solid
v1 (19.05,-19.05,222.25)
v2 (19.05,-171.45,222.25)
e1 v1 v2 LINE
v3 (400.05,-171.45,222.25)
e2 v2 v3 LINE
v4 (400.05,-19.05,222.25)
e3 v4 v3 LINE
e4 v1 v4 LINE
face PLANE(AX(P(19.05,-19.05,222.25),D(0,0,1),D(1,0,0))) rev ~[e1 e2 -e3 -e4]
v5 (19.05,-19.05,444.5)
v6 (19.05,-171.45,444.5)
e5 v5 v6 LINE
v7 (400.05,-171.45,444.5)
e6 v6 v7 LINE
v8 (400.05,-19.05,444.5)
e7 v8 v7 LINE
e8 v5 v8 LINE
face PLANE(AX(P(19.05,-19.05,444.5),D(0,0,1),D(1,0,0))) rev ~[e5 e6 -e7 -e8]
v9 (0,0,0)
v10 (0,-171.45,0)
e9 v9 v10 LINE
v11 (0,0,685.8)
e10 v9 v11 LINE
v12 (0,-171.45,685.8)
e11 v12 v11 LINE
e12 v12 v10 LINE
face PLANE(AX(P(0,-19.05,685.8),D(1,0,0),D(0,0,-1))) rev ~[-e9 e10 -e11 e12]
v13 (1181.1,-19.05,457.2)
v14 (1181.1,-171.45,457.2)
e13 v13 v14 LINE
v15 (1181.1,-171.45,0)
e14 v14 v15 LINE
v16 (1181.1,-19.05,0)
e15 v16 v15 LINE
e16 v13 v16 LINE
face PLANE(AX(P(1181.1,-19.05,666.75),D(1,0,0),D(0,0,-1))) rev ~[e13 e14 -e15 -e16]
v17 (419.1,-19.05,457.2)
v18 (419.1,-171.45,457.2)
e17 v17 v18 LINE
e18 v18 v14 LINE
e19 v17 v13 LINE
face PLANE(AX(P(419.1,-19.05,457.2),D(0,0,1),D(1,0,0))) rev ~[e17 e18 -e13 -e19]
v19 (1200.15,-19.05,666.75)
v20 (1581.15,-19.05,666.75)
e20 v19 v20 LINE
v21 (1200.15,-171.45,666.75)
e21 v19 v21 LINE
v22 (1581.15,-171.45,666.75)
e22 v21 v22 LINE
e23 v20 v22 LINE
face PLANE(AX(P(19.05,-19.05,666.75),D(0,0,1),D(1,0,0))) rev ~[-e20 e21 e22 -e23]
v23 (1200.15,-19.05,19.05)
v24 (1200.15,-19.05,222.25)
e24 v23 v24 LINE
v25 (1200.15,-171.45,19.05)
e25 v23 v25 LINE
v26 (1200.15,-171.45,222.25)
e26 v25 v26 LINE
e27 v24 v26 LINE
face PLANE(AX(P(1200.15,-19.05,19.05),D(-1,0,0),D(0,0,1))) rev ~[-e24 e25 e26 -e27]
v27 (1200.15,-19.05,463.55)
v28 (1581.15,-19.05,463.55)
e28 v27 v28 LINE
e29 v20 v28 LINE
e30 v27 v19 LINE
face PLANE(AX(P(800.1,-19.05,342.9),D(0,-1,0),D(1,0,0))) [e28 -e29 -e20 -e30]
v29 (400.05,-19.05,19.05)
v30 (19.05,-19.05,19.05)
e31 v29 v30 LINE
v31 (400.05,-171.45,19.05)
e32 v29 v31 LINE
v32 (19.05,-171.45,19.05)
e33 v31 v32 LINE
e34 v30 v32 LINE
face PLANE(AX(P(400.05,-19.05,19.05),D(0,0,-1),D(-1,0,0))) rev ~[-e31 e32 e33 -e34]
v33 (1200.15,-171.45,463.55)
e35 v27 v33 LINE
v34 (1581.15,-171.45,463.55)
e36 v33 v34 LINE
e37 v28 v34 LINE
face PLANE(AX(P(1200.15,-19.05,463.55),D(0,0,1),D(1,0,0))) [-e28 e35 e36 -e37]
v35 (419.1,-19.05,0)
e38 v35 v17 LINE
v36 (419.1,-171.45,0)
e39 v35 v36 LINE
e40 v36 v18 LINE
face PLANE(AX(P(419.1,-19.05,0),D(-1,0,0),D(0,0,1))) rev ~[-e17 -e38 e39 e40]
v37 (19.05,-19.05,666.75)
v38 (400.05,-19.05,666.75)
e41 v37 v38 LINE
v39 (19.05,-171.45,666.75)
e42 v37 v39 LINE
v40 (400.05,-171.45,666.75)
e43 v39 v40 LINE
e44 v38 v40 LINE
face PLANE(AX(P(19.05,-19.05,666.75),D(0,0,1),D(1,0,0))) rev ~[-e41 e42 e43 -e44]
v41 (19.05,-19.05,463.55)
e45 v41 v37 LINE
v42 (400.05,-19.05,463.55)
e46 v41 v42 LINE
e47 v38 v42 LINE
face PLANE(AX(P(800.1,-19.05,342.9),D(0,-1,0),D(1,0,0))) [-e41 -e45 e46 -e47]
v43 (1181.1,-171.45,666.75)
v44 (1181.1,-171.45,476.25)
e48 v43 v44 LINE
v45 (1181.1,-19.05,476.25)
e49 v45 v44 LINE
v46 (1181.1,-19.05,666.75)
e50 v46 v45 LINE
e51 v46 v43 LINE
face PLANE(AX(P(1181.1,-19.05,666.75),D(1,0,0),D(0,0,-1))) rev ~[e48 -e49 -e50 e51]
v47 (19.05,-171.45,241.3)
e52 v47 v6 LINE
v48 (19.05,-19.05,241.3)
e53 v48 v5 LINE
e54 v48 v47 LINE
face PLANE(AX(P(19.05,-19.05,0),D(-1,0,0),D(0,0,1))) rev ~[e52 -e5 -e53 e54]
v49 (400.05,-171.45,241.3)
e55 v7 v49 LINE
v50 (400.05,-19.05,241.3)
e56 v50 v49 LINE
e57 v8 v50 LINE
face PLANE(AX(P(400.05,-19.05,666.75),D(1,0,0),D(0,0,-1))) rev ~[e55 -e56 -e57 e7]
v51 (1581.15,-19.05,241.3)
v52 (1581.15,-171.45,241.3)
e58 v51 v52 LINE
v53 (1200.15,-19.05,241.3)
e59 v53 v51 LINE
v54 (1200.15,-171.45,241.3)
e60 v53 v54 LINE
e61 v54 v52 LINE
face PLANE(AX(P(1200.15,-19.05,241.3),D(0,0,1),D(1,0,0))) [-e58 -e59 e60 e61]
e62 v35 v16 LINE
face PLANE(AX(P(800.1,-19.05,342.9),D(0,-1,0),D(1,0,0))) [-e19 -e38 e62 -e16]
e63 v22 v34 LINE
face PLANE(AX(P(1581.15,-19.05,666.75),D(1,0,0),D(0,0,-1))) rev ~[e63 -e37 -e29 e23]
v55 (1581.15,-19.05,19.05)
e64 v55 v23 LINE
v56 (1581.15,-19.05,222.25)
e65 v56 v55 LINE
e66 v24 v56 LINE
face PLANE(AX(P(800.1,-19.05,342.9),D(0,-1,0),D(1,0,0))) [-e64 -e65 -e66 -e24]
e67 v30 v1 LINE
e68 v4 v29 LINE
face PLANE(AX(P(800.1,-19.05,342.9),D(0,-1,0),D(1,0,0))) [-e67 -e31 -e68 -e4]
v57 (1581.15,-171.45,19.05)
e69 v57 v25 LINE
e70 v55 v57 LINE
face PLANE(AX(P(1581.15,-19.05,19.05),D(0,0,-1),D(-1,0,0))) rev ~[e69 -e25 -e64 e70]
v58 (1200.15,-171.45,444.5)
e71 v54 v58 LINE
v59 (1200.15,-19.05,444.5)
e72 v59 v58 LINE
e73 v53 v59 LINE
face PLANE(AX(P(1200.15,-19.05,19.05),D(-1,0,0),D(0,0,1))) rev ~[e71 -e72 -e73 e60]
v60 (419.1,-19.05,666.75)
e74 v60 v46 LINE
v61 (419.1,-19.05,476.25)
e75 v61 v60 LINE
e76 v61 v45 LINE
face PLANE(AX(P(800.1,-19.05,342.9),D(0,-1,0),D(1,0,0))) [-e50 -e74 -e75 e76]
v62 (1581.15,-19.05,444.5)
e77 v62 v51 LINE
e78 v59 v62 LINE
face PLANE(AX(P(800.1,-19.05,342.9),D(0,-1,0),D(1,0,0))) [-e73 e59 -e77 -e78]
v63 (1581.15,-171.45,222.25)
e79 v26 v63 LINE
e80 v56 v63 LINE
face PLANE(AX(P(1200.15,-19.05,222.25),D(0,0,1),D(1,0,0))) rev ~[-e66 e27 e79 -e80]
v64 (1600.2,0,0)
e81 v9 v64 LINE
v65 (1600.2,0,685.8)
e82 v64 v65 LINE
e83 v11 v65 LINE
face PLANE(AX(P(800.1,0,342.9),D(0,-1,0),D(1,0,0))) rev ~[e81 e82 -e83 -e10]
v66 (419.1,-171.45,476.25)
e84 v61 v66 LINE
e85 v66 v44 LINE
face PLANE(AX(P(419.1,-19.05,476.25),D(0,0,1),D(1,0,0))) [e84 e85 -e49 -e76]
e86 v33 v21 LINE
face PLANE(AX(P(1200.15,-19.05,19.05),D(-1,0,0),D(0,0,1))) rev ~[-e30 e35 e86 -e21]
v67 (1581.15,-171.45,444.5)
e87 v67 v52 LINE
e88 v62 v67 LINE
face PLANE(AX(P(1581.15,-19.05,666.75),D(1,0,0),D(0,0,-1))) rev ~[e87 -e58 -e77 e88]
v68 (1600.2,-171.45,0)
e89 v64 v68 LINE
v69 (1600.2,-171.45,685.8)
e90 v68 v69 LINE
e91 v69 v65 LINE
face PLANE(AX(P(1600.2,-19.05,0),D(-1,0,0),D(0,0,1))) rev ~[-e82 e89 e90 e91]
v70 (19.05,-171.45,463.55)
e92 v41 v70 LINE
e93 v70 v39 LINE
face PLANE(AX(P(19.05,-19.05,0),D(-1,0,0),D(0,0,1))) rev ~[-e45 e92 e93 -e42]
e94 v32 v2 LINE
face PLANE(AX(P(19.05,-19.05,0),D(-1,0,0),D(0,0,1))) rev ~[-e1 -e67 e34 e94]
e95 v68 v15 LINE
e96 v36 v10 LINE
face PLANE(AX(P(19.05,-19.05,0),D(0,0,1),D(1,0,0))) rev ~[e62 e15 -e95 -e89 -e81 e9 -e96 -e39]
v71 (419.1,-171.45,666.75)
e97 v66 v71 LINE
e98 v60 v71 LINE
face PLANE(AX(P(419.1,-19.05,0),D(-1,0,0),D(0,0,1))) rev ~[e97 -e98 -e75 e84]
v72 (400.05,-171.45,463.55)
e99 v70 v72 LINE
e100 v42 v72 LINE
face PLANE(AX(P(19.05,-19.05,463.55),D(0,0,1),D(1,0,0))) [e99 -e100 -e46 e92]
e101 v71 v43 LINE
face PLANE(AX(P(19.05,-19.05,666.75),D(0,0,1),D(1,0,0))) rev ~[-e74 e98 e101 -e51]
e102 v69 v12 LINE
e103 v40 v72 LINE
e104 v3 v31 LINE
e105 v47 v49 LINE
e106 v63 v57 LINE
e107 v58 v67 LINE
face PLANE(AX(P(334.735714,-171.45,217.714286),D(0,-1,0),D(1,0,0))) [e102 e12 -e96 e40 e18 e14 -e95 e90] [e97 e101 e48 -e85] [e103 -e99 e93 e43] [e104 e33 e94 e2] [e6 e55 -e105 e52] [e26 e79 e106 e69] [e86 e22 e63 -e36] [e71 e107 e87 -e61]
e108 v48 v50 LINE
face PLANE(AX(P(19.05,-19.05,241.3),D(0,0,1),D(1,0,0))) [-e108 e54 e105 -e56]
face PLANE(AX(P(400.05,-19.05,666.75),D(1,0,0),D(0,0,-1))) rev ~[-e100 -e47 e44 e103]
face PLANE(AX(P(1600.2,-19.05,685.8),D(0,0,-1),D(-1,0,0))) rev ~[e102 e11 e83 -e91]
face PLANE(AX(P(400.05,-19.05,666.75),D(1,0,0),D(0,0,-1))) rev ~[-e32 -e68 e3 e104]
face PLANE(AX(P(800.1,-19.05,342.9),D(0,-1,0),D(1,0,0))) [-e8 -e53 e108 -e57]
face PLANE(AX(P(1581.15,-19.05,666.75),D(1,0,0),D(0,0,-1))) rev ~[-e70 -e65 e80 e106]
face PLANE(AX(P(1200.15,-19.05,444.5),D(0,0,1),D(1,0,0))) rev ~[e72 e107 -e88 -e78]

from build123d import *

# Parameters (mm, degrees)
F0_W      = 1600.2
F0_H      = 685.8
F1_DEPTH  = 19.05
F3_DEPTH  = 152.4
F5_DEPTH  = 152.4
F6_W      = 762
F6_H      = 19.05
F7_DEPTH  = 152.4
F8_W      = 381
F8_H      = 19.05
F9_DEPTH  = 152.4
F10_W     = 381
F10_H     = 19.05
F11_DEPTH = 152.4


with BuildPart() as f1:
    # F0 (on Front) → F1 (new body)
    with BuildSketch(Plane.XZ):
        with Locations((800.1, 342.9)):
            Rectangle(F0_W, F0_H)
    extrude(amount=F1_DEPTH)

    # F2 (on face) → F3 (join)
    with BuildSketch(Plane.XZ.offset(19.05)):
        Polygon((0, 685.8), (0, 0), (19.05, 0), (19.05, 666.75), (1581.15, 666.75), (1581.15, 0), (1600.2, 0), (1600.2, 685.8), align=None)
    extrude(amount=F3_DEPTH)

    # F4 (on face) → F5 (join)
    with BuildSketch(Plane.XZ.offset(19.05)):
        Polygon((419.1, 0), (419.1, 666.75), (400.05, 666.75), (400.05, 19.05), (19.05, 19.05), (19.05, 0), align=None)
        Polygon((1200.15, 666.75), (1181.1, 666.75), (1181.1, 0), (1581.15, 0), (1581.15, 19.05), (1200.15, 19.05), align=None)
    extrude(amount=F5_DEPTH)

    # F6 (on face) → F7 (join)
    with BuildSketch(Plane.XZ.offset(19.05)):
        with Locations((800.1, 466.725)):
            Rectangle(F6_W, F6_H)
    extrude(amount=F7_DEPTH)

    # F8 (on face) → F9 (join)
    with BuildSketch(Plane.XZ.offset(19.05)):
        with Locations((209.55, 454.025)):
            Rectangle(F8_W, F8_H)
        with Locations((209.55, 231.775)):
            Rectangle(F8_W, F8_H)
    extrude(amount=F9_DEPTH)

    # F10 (on face) → F11 (join)
    with BuildSketch(Plane.XZ.offset(19.05)):
        with Locations((1390.65, 454.025)):
            Rectangle(F10_W, F10_H)
        with Locations((1390.65, 231.775)):
            Rectangle(F10_W, F10_H)
    extrude(amount=F11_DEPTH)


solid = f1.part
